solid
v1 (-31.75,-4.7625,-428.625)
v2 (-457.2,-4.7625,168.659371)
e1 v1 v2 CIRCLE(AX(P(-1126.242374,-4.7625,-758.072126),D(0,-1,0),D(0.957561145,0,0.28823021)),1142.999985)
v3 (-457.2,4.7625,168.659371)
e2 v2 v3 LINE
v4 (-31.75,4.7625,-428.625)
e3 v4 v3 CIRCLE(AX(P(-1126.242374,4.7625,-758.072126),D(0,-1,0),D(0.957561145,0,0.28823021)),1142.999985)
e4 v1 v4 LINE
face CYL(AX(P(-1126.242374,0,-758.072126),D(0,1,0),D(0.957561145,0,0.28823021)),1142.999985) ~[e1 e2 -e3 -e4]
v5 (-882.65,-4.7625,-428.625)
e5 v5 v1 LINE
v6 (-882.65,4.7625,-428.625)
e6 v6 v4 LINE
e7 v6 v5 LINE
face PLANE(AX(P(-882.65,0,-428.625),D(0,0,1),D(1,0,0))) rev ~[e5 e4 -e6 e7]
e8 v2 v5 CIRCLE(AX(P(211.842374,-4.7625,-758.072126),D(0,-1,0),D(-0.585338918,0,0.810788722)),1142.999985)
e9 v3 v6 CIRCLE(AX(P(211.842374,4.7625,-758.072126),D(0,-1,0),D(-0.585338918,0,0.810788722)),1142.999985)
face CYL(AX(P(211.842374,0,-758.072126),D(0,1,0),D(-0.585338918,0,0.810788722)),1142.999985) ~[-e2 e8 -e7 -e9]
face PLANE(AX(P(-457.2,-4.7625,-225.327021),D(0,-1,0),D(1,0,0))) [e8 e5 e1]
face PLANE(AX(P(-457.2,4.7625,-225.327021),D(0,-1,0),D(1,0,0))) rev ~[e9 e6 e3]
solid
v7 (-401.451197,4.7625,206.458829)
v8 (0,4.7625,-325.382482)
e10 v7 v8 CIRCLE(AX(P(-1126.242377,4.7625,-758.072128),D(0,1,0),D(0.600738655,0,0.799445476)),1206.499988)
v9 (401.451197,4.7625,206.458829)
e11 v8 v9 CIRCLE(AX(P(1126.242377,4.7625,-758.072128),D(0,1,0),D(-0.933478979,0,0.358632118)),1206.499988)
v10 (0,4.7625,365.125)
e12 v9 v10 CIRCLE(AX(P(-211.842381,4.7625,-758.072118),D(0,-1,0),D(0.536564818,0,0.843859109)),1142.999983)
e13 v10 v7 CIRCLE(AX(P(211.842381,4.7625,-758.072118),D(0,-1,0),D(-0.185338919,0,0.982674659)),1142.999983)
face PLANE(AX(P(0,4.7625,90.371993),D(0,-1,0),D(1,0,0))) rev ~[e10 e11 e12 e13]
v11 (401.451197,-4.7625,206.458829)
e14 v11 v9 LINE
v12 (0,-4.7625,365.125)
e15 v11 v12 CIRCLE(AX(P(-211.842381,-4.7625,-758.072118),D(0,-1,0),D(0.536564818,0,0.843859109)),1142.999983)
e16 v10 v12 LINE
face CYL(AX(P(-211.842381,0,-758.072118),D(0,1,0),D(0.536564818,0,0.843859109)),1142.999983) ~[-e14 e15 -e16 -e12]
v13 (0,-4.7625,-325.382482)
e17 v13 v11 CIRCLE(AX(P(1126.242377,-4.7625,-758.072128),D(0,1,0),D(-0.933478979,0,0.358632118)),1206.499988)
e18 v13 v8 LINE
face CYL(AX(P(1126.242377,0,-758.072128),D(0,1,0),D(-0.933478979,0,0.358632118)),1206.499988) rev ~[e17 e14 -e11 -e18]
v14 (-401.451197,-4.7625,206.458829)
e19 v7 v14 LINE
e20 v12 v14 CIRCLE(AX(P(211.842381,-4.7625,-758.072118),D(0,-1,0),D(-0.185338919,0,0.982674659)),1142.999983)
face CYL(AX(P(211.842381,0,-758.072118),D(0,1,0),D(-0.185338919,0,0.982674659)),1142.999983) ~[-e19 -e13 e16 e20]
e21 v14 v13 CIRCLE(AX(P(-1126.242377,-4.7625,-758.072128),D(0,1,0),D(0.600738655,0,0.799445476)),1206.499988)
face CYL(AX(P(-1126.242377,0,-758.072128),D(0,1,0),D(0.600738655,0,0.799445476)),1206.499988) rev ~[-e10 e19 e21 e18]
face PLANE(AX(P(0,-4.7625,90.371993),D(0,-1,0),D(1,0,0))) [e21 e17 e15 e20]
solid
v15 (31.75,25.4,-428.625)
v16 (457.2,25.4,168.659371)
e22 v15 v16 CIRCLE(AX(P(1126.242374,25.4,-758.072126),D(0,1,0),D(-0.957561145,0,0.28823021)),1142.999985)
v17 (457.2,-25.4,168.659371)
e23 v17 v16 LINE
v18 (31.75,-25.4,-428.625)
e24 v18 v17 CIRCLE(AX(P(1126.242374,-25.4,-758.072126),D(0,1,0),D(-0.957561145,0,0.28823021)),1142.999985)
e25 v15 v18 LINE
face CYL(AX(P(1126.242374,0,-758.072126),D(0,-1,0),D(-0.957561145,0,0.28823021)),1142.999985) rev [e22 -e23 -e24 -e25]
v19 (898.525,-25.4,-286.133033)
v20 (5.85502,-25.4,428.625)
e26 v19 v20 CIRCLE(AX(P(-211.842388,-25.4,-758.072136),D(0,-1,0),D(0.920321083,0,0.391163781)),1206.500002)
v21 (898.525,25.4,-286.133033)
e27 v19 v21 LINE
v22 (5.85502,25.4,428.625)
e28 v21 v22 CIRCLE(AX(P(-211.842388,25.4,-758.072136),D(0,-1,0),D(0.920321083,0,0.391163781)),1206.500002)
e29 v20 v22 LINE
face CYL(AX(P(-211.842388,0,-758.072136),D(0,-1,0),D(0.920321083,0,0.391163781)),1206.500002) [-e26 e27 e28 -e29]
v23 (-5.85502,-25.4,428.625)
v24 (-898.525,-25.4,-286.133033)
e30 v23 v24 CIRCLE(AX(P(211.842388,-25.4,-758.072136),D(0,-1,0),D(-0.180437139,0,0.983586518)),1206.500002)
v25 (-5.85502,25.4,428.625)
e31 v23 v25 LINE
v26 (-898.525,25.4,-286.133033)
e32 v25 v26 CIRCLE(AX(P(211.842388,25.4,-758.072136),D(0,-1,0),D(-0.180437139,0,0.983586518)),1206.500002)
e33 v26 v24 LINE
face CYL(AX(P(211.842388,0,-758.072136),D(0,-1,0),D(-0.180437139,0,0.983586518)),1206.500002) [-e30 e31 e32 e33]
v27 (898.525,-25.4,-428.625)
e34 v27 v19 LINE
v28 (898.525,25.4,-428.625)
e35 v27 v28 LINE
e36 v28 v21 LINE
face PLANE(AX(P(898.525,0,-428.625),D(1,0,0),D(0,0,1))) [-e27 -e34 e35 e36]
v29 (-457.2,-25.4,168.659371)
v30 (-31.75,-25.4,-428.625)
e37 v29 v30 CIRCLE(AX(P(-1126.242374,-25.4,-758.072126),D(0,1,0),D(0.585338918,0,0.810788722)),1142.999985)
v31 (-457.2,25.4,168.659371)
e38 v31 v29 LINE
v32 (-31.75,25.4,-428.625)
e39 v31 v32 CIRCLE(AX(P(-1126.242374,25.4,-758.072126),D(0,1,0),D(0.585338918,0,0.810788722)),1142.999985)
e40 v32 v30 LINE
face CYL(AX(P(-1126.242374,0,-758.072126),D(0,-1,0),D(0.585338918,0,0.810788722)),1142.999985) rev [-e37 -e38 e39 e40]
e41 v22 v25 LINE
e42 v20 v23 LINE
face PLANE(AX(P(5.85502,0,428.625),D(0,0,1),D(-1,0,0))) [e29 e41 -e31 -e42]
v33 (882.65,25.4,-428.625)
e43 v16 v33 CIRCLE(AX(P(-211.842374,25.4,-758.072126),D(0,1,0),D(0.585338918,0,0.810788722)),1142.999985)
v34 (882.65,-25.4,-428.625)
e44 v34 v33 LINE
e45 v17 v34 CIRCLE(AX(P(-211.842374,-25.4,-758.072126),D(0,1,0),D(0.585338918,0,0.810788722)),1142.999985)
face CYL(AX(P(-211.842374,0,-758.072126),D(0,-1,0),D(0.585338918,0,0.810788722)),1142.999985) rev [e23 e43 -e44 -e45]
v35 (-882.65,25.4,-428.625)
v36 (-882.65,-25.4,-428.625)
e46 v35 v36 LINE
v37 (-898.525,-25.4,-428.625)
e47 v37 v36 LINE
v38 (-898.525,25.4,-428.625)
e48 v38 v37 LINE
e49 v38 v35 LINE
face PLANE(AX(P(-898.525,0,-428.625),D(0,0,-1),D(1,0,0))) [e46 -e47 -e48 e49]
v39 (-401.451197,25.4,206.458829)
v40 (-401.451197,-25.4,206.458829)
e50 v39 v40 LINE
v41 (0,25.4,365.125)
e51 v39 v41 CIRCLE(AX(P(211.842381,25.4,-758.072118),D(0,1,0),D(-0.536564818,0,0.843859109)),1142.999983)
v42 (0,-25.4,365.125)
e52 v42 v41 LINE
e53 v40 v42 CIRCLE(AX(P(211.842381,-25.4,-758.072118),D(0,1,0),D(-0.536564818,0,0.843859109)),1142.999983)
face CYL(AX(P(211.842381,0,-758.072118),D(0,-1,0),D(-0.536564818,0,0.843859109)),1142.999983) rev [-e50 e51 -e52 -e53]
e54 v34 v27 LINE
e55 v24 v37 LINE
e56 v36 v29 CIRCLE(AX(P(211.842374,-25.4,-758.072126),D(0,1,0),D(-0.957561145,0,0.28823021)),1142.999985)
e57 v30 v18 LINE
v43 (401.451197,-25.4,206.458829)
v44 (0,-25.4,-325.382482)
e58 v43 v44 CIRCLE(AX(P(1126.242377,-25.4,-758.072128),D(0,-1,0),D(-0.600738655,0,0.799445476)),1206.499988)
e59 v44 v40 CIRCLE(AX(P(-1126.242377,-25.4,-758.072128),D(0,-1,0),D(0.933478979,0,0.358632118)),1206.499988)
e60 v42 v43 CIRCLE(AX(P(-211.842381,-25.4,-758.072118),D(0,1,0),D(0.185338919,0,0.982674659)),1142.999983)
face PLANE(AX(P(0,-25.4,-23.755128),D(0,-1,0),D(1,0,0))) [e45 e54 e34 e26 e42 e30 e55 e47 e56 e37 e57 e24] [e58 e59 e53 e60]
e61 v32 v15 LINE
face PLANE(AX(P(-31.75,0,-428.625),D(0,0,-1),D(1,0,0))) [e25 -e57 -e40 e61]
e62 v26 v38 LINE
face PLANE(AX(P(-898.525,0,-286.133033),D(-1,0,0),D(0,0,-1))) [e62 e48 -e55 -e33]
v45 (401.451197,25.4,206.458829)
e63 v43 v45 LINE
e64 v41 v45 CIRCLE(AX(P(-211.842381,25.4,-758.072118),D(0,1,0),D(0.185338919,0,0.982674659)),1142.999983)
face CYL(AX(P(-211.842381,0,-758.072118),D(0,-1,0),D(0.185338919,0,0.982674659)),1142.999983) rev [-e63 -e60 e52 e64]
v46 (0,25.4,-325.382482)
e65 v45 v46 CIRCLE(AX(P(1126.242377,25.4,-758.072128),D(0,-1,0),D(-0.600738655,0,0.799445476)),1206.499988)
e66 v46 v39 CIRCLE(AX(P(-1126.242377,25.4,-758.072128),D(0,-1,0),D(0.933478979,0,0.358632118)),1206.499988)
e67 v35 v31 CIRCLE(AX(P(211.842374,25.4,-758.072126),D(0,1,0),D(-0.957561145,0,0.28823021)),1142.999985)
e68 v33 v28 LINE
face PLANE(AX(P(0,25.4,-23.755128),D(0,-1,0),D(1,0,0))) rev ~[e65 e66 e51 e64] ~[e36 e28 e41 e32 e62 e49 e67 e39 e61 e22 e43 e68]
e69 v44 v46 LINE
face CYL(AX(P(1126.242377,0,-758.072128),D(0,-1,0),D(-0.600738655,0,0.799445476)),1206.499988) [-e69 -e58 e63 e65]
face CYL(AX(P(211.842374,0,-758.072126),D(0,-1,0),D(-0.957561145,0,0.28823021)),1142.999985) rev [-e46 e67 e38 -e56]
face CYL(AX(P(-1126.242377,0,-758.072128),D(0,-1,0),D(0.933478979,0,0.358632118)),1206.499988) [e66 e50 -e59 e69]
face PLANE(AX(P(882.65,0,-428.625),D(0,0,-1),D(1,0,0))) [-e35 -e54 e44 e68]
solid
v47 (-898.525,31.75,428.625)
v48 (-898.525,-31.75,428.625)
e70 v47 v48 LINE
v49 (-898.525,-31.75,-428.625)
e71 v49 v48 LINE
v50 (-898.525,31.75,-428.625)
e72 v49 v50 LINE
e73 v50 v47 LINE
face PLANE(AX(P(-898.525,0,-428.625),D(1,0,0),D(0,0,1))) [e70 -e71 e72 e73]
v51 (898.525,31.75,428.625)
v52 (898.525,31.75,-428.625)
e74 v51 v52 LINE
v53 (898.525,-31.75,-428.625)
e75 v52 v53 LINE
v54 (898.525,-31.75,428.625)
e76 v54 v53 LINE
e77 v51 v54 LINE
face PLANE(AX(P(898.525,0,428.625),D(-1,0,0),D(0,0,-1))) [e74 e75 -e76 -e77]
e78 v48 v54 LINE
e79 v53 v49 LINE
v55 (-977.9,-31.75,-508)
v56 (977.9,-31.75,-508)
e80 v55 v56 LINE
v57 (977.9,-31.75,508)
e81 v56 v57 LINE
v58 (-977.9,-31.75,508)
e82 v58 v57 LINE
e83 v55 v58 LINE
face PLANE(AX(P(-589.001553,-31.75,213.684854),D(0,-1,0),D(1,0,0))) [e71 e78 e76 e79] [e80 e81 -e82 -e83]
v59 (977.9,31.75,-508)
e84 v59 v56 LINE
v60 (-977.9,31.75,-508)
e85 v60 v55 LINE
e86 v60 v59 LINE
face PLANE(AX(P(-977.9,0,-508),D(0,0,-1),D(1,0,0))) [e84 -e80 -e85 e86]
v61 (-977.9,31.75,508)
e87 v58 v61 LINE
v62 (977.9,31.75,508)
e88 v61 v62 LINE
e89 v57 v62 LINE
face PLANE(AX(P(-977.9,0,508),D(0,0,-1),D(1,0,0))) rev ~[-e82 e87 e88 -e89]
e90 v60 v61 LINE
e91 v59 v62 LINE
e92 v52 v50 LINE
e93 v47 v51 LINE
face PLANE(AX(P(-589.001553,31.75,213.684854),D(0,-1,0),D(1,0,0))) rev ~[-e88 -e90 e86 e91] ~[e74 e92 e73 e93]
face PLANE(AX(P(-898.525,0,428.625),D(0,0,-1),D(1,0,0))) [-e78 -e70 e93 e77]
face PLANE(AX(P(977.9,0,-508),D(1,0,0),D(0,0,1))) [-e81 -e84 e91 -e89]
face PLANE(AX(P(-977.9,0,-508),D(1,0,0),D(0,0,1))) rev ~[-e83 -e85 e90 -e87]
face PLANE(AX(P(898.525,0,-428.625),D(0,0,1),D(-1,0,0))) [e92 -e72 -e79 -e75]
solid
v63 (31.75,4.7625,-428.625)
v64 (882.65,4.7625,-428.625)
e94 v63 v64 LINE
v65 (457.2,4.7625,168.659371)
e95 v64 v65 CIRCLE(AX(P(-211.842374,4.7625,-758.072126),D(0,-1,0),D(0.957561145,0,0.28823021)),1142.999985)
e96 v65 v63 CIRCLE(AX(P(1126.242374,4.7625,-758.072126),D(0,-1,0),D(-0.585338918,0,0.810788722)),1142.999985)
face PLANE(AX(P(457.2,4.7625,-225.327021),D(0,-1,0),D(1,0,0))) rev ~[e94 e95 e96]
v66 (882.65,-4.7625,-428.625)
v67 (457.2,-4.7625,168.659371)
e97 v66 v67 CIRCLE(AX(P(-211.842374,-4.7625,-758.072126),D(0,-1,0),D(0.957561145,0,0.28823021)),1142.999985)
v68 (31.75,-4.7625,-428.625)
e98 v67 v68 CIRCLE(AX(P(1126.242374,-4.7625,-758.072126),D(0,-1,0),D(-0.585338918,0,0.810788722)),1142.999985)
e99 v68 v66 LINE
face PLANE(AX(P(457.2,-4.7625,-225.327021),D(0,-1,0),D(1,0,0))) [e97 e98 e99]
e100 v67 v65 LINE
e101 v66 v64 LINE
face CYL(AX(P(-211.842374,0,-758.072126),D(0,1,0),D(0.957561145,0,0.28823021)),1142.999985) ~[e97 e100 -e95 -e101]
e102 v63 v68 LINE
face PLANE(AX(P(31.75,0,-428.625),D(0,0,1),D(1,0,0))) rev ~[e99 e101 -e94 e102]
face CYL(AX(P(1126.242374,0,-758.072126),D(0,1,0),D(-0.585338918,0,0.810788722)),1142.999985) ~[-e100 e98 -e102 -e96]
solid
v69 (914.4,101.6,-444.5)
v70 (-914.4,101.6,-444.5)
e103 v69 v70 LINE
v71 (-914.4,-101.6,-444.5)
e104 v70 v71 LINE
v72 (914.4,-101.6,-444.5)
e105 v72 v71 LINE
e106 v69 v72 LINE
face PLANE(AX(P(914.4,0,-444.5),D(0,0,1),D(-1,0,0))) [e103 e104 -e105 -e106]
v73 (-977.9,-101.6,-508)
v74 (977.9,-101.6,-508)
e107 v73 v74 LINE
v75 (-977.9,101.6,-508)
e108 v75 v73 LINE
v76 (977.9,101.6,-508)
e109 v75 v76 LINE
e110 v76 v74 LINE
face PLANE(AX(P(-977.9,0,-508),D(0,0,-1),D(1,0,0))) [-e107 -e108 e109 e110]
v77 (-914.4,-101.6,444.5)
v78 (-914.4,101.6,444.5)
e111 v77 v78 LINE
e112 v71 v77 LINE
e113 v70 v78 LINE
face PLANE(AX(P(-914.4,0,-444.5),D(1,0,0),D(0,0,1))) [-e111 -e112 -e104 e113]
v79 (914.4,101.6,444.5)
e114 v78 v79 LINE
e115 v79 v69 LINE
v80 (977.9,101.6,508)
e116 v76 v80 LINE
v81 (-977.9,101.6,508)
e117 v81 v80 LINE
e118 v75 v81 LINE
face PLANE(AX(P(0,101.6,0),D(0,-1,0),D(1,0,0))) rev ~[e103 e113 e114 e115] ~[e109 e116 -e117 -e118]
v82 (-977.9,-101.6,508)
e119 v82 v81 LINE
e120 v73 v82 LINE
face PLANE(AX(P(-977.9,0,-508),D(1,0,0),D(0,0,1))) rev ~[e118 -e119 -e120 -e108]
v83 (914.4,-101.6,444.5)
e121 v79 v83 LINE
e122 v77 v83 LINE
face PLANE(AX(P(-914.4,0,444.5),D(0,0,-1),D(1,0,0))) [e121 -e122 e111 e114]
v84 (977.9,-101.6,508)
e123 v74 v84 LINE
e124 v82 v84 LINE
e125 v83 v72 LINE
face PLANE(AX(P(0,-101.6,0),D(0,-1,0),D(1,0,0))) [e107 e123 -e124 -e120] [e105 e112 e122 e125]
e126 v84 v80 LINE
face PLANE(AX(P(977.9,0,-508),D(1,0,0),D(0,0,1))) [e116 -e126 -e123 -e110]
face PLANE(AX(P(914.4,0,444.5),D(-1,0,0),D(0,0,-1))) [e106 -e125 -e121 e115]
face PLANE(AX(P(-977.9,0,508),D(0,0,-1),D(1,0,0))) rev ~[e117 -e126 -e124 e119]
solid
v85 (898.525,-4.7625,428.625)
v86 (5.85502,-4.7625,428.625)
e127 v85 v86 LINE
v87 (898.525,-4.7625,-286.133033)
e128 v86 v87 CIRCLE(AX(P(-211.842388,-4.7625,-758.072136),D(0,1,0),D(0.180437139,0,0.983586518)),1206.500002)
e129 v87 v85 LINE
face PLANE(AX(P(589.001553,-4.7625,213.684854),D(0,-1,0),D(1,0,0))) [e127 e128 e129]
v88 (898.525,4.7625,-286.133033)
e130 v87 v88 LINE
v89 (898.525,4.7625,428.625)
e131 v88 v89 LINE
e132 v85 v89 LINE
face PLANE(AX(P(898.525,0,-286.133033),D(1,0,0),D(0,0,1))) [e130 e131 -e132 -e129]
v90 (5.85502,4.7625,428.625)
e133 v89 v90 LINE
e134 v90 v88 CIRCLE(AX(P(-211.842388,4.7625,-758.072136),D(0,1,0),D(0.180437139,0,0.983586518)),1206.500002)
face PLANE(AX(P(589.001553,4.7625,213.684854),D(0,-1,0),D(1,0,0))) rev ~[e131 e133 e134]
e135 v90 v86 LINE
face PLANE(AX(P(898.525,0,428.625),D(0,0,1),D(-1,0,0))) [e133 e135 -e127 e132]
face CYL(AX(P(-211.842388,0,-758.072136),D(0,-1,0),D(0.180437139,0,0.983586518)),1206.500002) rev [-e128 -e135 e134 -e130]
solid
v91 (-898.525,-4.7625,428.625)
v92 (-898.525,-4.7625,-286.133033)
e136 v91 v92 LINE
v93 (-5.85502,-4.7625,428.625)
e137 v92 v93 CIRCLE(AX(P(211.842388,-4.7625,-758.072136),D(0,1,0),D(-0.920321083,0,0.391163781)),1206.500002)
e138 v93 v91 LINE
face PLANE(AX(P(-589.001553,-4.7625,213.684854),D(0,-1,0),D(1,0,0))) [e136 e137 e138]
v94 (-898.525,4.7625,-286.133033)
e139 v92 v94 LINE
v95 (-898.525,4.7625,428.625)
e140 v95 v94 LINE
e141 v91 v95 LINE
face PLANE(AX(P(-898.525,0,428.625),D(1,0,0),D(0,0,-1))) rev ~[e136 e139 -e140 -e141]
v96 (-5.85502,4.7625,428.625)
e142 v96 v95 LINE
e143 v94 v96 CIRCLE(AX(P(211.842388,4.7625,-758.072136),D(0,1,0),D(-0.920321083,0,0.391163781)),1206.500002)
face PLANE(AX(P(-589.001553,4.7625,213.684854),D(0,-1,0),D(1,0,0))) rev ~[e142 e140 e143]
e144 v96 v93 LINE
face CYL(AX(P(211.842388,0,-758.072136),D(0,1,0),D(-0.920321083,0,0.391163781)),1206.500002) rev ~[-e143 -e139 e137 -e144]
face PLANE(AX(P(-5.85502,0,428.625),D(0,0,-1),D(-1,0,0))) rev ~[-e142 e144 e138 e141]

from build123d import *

# Parameters (mm, degrees)
F0_W     = 1955.8
F0_H     = 1016
F1_DEPTH = 101.6
F2_DEPTH = 31.75
F3_DEPTH = 4.7625
F4_DEPTH = 25.4


with BuildPart() as f1:
    # F0 (on Front) → F1 (new body, symmetric)
    with BuildSketch(Plane.XZ):
        Rectangle(F0_W, F0_H)
        Polygon((914.4, 444.5), (914.4, -444.5), (-914.4, -444.5), (-914.4, 365.125), (-914.4, 444.5), align=None, mode=Mode.SUBTRACT)
    extrude(amount=F1_DEPTH, both=True)


with BuildPart() as f2:
    # F0 (on Front) → F2 (new body, symmetric)
    with BuildSketch(Plane.XZ):
        with BuildLine():
            Line((-898.525, 426.743058), (-898.525, 362.014376))
            Line((-898.525, 362.014376), (-898.525, -286.133033))
            ThreePointArc((-898.525, -286.133033), (-542.252292, 183.725861), (-5.85502, 428.625))
            Line((-5.85502, 428.625), (-869.724843, 428.625))
            Line((-869.724843, 428.625), (-898.525, 428.625))
            Line((-898.525, 428.625), (-898.525, 426.743058))
        make_face()
        Rectangle(F0_W, F0_H)
        Polygon((914.4, 444.5), (914.4, -444.5), (-914.4, -444.5), (-914.4, 365.125), (-914.4, 444.5), align=None, mode=Mode.SUBTRACT)
        Polygon((-914.4, -444.5), (914.4, -444.5), (914.4, 444.5), (-914.4, 444.5), (-914.4, 365.125), align=None)
        Polygon((-898.525, -286.133033), (-898.525, 362.014376), (-898.525, 426.743058), (-898.525, 428.625), (-869.724843, 428.625), (-5.85502, 428.625), (5.85502, 428.625), (898.525, 428.625), (898.525, -286.133033), (898.525, -428.625), (882.65, -428.625), (31.75, -428.625), (-31.75, -428.625), (-457.2, -428.625), (-882.65, -428.625), (-898.525, -428.625), align=None, mode=Mode.SUBTRACT)
    extrude(amount=F2_DEPTH, both=True)


with BuildPart() as f3:
    # F0 (on Front) → F3 (new body, symmetric)
    with BuildSketch(Plane.XZ):
        with BuildLine():
            Line((-898.525, 426.743058), (-898.525, 362.014376))
            Line((-898.525, 362.014376), (-898.525, -286.133033))
            ThreePointArc((-898.525, -286.133033), (-542.252292, 183.725861), (-5.85502, 428.625))
            Line((-5.85502, 428.625), (-869.724843, 428.625))
            Line((-869.724843, 428.625), (-898.525, 428.625))
            Line((-898.525, 428.625), (-898.525, 426.743058))
        make_face()
        with BuildLine():
            ThreePointArc((-457.2, 168.659371), (-719.125325, -94.937065), (-882.65, -428.625))
            Line((-882.65, -428.625), (-457.2, -428.625))
            Line((-457.2, -428.625), (-31.75, -428.625))
            ThreePointArc((-31.75, -428.625), (-195.274675, -94.937065), (-457.2, 168.659371))
        make_face()
        with BuildLine():
            ThreePointArc((457.2, 168.659371), (195.274675, -94.937065), (31.75, -428.625))
            Line((31.75, -428.625), (882.65, -428.625))
            ThreePointArc((882.65, -428.625), (719.125325, -94.937065), (457.2, 168.659371))
        make_face()
        with BuildLine():
            ThreePointArc((401.451197, 206.458829), (208.283881, 304.915598), (0, 365.125))
            ThreePointArc((0, 365.125), (-208.283881, 304.915598), (-401.451197, 206.458829))
            ThreePointArc((-401.451197, 206.458829), (-163.280746, -31.197229), (0, -325.382482))
            ThreePointArc((0, -325.382482), (163.280746, -31.197229), (401.451197, 206.458829))
        make_face()
        with BuildLine():
            Line((898.525, 428.625), (5.85502, 428.625))
            ThreePointArc((5.85502, 428.625), (542.252292, 183.725861), (898.525, -286.133033))
            Line((898.525, -286.133033), (898.525, 428.625))
        make_face()
    extrude(amount=F3_DEPTH, both=True)


with BuildPart() as f4:
    # F0 (on Front) → F4 (new body, symmetric)
    with BuildSketch(Plane.XZ):
        with BuildLine():
            ThreePointArc((-5.85502, 428.625), (-542.252292, 183.725861), (-898.525, -286.133033))
            Line((-898.525, -286.133033), (-898.525, -428.625))
            Line((-898.525, -428.625), (-882.65, -428.625))
            ThreePointArc((-882.65, -428.625), (-719.125325, -94.937065), (-457.2, 168.659371))
            ThreePointArc((-457.2, 168.659371), (-195.274675, -94.937065), (-31.75, -428.625))
            Line((-31.75, -428.625), (31.75, -428.625))
            ThreePointArc((31.75, -428.625), (195.274675, -94.937065), (457.2, 168.659371))
            ThreePointArc((457.2, 168.659371), (719.125325, -94.937065), (882.65, -428.625))
            Line((882.65, -428.625), (898.525, -428.625))
            Line((898.525, -428.625), (898.525, -286.133033))
            ThreePointArc((898.525, -286.133033), (542.252292, 183.725861), (5.85502, 428.625))
            Line((5.85502, 428.625), (-5.85502, 428.625))
        make_face()
        with BuildLine():
            ThreePointArc((-401.451197, 206.458829), (-208.283881, 304.915598), (0, 365.125))
            ThreePointArc((0, 365.125), (208.283881, 304.915598), (401.451197, 206.458829))
            ThreePointArc((401.451197, 206.458829), (163.280746, -31.197229), (0, -325.382482))
            ThreePointArc((0, -325.382482), (-163.280746, -31.197229), (-401.451197, 206.458829))
        make_face(mode=Mode.SUBTRACT)
    extrude(amount=F4_DEPTH, both=True)


solid = Compound([f1.part, f2.part, f3.part, f4.part])
